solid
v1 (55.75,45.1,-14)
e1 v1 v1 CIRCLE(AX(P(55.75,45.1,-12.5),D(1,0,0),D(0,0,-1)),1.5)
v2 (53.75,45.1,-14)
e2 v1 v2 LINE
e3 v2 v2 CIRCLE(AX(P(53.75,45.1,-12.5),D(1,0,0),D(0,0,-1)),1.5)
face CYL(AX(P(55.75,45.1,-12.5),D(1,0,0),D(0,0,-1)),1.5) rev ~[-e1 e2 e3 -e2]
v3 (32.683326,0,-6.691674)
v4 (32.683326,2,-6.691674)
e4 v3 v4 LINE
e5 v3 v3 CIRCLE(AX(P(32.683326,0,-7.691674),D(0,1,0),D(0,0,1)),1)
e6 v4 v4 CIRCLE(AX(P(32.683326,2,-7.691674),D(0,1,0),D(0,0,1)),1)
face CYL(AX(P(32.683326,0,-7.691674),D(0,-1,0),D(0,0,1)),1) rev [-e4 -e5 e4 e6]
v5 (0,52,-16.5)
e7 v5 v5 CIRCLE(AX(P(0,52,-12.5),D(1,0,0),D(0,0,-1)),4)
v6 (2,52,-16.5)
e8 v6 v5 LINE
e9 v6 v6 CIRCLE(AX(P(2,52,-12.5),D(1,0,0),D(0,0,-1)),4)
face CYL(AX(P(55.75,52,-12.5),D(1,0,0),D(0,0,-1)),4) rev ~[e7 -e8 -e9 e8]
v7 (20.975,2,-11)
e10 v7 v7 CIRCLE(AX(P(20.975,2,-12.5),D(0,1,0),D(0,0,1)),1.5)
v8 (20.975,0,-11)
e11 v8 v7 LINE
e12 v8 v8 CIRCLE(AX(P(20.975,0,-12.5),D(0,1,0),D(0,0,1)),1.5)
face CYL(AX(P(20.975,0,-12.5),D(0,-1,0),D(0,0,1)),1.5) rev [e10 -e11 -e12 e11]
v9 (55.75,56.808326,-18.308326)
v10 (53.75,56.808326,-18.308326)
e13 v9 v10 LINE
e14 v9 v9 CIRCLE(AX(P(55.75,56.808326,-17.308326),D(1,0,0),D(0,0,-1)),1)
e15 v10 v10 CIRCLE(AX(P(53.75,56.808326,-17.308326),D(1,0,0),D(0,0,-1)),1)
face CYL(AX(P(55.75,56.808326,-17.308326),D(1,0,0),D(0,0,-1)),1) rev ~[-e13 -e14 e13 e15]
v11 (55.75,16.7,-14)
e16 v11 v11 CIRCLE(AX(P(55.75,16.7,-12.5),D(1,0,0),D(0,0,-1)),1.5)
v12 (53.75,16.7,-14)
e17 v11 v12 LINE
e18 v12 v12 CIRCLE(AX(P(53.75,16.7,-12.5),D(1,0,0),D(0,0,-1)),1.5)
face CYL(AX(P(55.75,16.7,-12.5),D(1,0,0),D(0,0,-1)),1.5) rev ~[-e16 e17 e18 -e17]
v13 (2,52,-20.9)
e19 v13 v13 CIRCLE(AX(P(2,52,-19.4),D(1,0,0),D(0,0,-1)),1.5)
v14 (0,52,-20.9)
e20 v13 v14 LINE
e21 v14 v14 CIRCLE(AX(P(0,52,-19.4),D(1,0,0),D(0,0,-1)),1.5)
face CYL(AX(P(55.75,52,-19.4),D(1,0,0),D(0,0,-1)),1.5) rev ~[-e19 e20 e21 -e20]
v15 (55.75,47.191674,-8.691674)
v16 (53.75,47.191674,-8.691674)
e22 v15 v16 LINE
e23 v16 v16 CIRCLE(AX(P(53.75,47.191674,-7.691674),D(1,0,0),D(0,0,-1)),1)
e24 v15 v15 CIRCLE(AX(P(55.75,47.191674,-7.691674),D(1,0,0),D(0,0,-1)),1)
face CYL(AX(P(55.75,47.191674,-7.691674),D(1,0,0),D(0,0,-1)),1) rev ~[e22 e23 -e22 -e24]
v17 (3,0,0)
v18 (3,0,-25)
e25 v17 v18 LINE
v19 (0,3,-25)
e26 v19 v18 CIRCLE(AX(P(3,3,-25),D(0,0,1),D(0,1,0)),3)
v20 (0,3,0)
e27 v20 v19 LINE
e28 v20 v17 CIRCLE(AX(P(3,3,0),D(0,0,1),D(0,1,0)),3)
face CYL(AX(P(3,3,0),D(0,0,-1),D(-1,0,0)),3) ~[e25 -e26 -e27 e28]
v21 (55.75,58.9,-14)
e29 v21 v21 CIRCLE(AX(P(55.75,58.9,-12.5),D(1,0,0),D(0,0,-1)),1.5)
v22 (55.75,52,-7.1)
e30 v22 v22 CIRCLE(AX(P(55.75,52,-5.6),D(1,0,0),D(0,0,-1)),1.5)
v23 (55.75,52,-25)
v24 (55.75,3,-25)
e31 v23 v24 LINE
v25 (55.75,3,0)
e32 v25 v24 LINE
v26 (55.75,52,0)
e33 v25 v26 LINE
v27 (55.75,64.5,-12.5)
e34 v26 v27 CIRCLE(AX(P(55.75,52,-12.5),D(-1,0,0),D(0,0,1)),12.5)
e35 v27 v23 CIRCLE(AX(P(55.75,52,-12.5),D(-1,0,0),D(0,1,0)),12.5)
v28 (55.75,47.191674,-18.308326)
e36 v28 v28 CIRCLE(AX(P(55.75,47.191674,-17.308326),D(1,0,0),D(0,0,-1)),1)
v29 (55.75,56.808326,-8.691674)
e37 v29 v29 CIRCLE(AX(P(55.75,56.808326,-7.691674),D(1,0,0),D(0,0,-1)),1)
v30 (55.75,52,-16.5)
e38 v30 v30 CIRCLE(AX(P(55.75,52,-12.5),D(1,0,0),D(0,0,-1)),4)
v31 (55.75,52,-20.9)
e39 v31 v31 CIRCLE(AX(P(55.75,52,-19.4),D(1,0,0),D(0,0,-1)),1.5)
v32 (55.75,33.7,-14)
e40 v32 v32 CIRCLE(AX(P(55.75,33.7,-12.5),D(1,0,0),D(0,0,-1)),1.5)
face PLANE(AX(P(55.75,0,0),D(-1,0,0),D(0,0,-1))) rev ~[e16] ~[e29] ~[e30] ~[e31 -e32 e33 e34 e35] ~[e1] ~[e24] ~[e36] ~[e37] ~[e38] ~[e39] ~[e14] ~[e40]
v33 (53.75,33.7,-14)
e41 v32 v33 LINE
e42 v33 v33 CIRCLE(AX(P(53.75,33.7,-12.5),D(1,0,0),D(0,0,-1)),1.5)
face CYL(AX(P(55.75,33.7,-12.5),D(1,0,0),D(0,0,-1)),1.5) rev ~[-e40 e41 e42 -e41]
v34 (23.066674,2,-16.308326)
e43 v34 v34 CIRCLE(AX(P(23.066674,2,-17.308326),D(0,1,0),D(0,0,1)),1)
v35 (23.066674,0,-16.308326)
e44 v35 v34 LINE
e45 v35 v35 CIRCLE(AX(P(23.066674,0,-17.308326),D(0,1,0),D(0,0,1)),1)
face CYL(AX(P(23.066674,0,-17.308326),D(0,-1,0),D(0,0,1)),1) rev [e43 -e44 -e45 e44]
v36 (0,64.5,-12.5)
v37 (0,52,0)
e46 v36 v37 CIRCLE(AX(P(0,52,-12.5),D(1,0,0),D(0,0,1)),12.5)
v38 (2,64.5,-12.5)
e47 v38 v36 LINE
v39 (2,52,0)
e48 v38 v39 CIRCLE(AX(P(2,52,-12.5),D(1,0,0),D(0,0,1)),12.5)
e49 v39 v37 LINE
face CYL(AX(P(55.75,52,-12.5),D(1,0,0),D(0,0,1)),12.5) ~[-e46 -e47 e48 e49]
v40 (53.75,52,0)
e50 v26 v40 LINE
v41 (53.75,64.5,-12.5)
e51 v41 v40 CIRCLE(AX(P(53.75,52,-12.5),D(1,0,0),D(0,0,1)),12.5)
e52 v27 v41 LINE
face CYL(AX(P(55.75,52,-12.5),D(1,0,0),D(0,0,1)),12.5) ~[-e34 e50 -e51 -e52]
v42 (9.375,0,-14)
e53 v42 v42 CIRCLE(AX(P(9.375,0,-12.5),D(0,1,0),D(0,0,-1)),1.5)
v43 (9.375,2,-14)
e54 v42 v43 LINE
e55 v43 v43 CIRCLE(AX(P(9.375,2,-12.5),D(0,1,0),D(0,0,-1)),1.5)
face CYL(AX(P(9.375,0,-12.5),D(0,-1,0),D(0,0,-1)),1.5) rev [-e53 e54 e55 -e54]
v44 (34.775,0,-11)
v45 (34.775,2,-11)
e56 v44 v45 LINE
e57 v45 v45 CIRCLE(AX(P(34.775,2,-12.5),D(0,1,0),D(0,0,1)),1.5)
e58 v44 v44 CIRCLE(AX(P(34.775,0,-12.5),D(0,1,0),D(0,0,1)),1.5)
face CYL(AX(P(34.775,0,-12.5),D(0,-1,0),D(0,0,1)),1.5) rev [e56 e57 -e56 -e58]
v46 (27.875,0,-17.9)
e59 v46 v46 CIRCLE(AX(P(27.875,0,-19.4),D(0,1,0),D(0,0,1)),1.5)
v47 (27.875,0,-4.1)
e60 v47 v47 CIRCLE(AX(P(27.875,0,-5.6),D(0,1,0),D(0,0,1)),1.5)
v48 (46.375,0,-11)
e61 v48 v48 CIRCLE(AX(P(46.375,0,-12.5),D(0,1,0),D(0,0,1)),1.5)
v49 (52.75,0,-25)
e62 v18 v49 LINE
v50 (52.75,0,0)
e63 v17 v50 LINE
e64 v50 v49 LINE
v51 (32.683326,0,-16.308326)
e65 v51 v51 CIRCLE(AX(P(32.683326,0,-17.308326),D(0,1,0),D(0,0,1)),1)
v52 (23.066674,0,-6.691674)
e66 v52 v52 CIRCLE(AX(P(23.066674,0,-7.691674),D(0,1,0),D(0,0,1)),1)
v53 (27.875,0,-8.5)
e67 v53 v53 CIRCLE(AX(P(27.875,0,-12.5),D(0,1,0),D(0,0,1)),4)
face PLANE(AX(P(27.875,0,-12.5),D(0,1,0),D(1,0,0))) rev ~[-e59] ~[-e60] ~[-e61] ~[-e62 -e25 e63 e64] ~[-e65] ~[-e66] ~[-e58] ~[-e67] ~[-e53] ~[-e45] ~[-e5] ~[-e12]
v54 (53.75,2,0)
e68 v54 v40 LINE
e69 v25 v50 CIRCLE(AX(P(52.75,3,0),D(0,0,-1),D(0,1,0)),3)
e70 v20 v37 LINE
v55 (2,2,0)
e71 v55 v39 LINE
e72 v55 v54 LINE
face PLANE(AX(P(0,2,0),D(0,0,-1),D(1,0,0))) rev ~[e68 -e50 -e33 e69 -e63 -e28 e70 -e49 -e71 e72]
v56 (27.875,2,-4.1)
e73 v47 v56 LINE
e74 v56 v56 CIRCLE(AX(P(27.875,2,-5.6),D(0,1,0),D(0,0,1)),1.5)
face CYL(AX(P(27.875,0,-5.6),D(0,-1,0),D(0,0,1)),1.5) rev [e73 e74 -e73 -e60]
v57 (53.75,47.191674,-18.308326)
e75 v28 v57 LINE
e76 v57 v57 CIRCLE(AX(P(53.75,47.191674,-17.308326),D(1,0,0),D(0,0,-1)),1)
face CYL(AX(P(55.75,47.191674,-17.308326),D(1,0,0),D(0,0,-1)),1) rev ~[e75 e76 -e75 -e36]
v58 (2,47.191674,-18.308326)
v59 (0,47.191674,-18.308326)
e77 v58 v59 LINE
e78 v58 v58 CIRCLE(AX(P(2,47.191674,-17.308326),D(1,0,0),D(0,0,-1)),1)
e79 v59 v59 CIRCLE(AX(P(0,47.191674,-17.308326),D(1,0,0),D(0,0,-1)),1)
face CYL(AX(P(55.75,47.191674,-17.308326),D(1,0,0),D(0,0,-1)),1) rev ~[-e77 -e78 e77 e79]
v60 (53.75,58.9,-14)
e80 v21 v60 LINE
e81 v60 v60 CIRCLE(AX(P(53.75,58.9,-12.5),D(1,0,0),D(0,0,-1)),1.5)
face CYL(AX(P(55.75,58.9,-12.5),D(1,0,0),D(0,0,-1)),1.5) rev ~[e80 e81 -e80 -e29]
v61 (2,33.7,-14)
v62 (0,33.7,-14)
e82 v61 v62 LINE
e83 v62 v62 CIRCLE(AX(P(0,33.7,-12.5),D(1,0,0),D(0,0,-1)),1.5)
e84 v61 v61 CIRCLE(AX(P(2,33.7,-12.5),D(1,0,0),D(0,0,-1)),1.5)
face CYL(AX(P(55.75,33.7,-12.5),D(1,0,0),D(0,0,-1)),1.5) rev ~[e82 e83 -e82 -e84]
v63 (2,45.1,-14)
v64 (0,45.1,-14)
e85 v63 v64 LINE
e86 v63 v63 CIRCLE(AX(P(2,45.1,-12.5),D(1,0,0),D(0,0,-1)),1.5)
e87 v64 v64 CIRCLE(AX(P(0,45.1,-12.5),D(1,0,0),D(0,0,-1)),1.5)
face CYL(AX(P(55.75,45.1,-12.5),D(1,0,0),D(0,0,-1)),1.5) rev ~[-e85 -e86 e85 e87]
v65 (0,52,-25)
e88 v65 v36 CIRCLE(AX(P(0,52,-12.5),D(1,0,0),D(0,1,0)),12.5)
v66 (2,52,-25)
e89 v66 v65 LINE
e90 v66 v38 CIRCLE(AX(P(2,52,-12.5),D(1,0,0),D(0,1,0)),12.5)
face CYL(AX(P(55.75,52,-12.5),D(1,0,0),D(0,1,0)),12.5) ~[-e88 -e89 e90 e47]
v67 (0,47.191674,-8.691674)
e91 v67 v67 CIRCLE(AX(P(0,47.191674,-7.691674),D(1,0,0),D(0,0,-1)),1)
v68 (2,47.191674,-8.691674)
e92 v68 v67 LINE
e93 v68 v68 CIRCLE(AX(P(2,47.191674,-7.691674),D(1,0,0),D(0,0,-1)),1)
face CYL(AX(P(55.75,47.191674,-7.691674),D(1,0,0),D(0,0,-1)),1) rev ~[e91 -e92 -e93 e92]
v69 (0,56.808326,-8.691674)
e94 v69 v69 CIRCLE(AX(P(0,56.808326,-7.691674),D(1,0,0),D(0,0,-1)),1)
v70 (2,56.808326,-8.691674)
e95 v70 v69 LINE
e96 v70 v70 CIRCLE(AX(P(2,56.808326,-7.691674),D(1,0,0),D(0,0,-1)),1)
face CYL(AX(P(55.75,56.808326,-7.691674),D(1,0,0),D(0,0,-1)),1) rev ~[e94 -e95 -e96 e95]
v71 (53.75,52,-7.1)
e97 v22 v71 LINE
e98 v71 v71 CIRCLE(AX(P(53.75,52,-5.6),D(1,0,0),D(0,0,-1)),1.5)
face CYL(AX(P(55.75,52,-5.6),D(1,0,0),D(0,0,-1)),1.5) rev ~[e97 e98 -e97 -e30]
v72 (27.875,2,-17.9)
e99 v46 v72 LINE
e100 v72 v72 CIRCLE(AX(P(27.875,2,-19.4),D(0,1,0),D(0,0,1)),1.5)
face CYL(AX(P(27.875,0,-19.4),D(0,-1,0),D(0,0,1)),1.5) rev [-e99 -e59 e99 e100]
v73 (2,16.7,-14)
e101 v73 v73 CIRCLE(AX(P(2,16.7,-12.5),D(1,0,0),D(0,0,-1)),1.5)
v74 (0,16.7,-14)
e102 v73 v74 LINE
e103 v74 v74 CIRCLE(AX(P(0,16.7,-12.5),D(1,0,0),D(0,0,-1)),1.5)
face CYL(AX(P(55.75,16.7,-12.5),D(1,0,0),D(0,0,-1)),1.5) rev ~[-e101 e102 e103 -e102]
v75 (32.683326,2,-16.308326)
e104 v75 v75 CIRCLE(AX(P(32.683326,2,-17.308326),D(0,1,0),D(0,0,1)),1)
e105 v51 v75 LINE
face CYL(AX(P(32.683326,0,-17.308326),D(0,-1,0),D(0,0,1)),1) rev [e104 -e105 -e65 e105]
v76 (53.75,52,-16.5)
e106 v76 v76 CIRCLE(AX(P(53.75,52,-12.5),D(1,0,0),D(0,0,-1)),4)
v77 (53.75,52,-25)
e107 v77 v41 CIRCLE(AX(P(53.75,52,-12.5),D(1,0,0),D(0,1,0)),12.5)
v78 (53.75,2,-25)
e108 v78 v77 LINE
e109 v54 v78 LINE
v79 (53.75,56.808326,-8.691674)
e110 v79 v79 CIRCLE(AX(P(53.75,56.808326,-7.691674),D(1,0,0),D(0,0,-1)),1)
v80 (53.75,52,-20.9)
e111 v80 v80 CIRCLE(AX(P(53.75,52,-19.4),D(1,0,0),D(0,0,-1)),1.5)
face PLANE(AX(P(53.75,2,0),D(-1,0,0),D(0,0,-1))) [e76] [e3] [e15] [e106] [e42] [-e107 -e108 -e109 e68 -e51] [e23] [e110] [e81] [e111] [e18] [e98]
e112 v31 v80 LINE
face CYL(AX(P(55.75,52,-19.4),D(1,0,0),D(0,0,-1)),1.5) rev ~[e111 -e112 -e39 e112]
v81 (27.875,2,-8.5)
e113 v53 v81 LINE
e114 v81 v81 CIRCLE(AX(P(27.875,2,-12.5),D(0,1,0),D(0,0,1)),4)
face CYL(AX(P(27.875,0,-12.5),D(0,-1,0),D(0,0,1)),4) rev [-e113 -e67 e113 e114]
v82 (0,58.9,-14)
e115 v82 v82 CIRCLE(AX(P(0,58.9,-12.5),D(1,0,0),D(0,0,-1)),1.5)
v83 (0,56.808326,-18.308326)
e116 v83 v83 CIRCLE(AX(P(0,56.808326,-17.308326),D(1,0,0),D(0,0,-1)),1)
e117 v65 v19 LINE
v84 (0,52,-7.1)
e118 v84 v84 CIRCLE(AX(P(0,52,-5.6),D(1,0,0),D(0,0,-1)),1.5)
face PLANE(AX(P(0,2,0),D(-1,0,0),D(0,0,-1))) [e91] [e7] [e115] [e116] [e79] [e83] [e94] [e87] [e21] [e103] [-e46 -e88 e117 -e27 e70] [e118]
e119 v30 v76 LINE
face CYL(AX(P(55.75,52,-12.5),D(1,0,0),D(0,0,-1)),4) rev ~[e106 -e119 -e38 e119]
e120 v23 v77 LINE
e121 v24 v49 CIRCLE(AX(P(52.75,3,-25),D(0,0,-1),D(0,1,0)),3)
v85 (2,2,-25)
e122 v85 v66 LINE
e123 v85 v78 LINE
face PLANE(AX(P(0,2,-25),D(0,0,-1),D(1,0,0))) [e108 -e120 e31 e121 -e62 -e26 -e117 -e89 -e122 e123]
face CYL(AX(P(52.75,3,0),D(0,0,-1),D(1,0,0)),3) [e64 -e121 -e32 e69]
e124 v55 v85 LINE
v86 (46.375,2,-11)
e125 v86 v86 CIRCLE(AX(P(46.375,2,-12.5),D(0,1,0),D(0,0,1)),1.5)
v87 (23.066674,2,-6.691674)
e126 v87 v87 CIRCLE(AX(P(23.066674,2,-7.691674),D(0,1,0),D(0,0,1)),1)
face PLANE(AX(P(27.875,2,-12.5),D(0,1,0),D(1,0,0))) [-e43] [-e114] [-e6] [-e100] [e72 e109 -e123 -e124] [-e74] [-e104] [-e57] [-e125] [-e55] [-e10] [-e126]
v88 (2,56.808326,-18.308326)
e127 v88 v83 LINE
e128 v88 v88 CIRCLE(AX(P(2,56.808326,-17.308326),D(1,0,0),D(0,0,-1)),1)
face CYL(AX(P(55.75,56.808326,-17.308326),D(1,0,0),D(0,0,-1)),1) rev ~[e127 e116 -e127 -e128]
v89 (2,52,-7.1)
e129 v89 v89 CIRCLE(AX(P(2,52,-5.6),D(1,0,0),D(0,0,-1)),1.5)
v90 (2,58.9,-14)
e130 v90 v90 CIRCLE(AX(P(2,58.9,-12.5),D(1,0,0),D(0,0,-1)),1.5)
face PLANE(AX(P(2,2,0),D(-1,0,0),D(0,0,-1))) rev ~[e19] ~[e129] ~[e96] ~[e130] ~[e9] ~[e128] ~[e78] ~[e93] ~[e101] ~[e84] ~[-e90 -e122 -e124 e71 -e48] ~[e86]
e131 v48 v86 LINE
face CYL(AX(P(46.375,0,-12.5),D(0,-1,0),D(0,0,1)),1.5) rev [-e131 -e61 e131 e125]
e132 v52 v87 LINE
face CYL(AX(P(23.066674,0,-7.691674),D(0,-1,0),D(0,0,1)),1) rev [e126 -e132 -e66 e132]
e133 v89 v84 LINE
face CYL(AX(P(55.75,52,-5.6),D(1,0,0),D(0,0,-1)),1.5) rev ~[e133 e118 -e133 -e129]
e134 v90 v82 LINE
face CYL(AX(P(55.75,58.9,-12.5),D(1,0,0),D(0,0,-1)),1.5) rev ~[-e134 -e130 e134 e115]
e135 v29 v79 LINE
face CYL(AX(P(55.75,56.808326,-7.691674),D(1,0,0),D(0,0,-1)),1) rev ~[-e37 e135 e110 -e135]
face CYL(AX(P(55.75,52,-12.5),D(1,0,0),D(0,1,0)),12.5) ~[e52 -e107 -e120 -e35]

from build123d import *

# Parameters (mm, degrees)
SKETCH1_W           = 55.75
SKETCH1_H           = 25
SKETCH1_R           = 4
SKETCH1_R_2         = 1.5
SKETCH1_R_3         = 1
BOSS_EXTRUDE1_DEPTH = 2
SKETCH2_W           = 2
SKETCH2_H           = 25
BOSS_EXTRUDE2_DEPTH = 62.5
FILLET1_R           = 3
CUT_EXTRUDE1_DEPTH  = 56
SKETCH4_R           = 4
SKETCH4_R_2         = 1.5
SKETCH4_R_3         = 1
CUT_EXTRUDE2_DEPTH  = 56


with BuildPart() as part:
    # Sketch1 → Boss-Extrude1 (new body)
    with BuildSketch(Plane(origin=(0, 0, 0), x_dir=(1, 0, 0), z_dir=(0, 1, 0))):
        with Locations((27.875, 12.5)):
            Rectangle(SKETCH1_W, SKETCH1_H)
        with Locations(Location((27.875, 12.5, 0), (0, 0, 270))):
            Circle(SKETCH1_R, mode=Mode.SUBTRACT)
        with Locations(Location((27.875, 19.4, 0), (0, 0, 270))):
            Circle(SKETCH1_R_2, mode=Mode.SUBTRACT)
        with Locations(Location((34.775, 12.5, 0), (0, 0, 270))):
            Circle(SKETCH1_R_2, mode=Mode.SUBTRACT)
        with Locations(Location((27.875, 5.6, 0), (0, 0, 270))):
            Circle(SKETCH1_R_2, mode=Mode.SUBTRACT)
        with Locations(Location((20.975, 12.5, 0), (0, 0, 270))):
            Circle(SKETCH1_R_2, mode=Mode.SUBTRACT)
        with Locations(Location((32.683326112, 17.308326112, 0), (0, 0, 270))):
            Circle(SKETCH1_R_3, mode=Mode.SUBTRACT)
        with Locations(Location((32.683326112, 7.691673888, 0), (0, 0, 270))):
            Circle(SKETCH1_R_3, mode=Mode.SUBTRACT)
        with Locations(Location((23.066673888, 7.691673888, 0), (0, 0, 270))):
            Circle(SKETCH1_R_3, mode=Mode.SUBTRACT)
        with Locations(Location((23.066673888, 17.308326112, 0), (0, 0, 270))):
            Circle(SKETCH1_R_3, mode=Mode.SUBTRACT)
        with Locations(Location((46.375, 12.5, 0), (0, 0, 270))):
            Circle(SKETCH1_R_2, mode=Mode.SUBTRACT)
        with Locations(Location((9.375, 12.5, 0), (0, 0, 90))):
            Circle(SKETCH1_R_2, mode=Mode.SUBTRACT)
    extrude(amount=BOSS_EXTRUDE1_DEPTH)

    # Sketch2 → Boss-Extrude2 (add)
    with BuildSketch(Plane(origin=(0, 2, 0), x_dir=(1, 0, 0), z_dir=(0, 1, 0))):
        with Locations((1, 12.5)):
            Rectangle(SKETCH2_W, SKETCH2_H)
        with Locations((54.75, 12.5)):
            Rectangle(SKETCH2_W, SKETCH2_H)
    extrude(amount=BOSS_EXTRUDE2_DEPTH)

    # Fillet1
    fillet1_edges = [part.edges().sort_by_distance(p)[0] for p in [
        (55.75, 0, -12.5),
        (0, 0, -12.5),
    ]]
    fillet(fillet1_edges, radius=FILLET1_R)

    # Sketch3 → Cut-Extrude1 (cut)
    with BuildSketch(Plane(origin=(55.75, 0, 0), x_dir=(0, 0, -1), z_dir=(1, 0, 0))):
        with BuildLine():
            Line((12.5, 64.5), (0, 64.5))
            Line((0, 64.5), (0, 52))
            ThreePointArc((0, 52), (3.661165235, 60.838834765), (12.5, 64.5))
        make_face()
        with BuildLine():
            Line((25, 64.5), (12.5, 64.5))
            ThreePointArc((12.5, 64.5), (21.338834765, 60.838834765), (25, 52))
            Line((25, 52), (25, 64.5))
        make_face()
    extrude(amount=-CUT_EXTRUDE1_DEPTH, mode=Mode.SUBTRACT)

    # Sketch4 → Cut-Extrude2 (cut)
    with BuildSketch(Plane(origin=(55.75, 0, 0), x_dir=(0, 0, -1), z_dir=(1, 0, 0))):
        with Locations((12.5, 52)):
            Circle(SKETCH4_R)
        with Locations((5.6, 52)):
            Circle(SKETCH4_R_2)
        with Locations((12.5, 58.9)):
            Circle(SKETCH4_R_2)
        with Locations((19.4, 52)):
            Circle(SKETCH4_R_2)
        with Locations((12.5, 45.1)):
            Circle(SKETCH4_R_2)
        with Locations((7.691673888, 47.191673888)):
            Circle(SKETCH4_R_3)
        with Locations((12.5, 33.7)):
            Circle(SKETCH4_R_2)
        with Locations((12.5, 16.7)):
            Circle(SKETCH4_R_2)
        with Locations((7.691673888, 56.808326112)):
            Circle(SKETCH4_R_3)
        with Locations((17.308326112, 56.808326112)):
            Circle(SKETCH4_R_3)
        with Locations((17.308326112, 47.191673888)):
            Circle(SKETCH4_R_3)
    extrude(amount=-CUT_EXTRUDE2_DEPTH, mode=Mode.SUBTRACT)


solid = part.part
